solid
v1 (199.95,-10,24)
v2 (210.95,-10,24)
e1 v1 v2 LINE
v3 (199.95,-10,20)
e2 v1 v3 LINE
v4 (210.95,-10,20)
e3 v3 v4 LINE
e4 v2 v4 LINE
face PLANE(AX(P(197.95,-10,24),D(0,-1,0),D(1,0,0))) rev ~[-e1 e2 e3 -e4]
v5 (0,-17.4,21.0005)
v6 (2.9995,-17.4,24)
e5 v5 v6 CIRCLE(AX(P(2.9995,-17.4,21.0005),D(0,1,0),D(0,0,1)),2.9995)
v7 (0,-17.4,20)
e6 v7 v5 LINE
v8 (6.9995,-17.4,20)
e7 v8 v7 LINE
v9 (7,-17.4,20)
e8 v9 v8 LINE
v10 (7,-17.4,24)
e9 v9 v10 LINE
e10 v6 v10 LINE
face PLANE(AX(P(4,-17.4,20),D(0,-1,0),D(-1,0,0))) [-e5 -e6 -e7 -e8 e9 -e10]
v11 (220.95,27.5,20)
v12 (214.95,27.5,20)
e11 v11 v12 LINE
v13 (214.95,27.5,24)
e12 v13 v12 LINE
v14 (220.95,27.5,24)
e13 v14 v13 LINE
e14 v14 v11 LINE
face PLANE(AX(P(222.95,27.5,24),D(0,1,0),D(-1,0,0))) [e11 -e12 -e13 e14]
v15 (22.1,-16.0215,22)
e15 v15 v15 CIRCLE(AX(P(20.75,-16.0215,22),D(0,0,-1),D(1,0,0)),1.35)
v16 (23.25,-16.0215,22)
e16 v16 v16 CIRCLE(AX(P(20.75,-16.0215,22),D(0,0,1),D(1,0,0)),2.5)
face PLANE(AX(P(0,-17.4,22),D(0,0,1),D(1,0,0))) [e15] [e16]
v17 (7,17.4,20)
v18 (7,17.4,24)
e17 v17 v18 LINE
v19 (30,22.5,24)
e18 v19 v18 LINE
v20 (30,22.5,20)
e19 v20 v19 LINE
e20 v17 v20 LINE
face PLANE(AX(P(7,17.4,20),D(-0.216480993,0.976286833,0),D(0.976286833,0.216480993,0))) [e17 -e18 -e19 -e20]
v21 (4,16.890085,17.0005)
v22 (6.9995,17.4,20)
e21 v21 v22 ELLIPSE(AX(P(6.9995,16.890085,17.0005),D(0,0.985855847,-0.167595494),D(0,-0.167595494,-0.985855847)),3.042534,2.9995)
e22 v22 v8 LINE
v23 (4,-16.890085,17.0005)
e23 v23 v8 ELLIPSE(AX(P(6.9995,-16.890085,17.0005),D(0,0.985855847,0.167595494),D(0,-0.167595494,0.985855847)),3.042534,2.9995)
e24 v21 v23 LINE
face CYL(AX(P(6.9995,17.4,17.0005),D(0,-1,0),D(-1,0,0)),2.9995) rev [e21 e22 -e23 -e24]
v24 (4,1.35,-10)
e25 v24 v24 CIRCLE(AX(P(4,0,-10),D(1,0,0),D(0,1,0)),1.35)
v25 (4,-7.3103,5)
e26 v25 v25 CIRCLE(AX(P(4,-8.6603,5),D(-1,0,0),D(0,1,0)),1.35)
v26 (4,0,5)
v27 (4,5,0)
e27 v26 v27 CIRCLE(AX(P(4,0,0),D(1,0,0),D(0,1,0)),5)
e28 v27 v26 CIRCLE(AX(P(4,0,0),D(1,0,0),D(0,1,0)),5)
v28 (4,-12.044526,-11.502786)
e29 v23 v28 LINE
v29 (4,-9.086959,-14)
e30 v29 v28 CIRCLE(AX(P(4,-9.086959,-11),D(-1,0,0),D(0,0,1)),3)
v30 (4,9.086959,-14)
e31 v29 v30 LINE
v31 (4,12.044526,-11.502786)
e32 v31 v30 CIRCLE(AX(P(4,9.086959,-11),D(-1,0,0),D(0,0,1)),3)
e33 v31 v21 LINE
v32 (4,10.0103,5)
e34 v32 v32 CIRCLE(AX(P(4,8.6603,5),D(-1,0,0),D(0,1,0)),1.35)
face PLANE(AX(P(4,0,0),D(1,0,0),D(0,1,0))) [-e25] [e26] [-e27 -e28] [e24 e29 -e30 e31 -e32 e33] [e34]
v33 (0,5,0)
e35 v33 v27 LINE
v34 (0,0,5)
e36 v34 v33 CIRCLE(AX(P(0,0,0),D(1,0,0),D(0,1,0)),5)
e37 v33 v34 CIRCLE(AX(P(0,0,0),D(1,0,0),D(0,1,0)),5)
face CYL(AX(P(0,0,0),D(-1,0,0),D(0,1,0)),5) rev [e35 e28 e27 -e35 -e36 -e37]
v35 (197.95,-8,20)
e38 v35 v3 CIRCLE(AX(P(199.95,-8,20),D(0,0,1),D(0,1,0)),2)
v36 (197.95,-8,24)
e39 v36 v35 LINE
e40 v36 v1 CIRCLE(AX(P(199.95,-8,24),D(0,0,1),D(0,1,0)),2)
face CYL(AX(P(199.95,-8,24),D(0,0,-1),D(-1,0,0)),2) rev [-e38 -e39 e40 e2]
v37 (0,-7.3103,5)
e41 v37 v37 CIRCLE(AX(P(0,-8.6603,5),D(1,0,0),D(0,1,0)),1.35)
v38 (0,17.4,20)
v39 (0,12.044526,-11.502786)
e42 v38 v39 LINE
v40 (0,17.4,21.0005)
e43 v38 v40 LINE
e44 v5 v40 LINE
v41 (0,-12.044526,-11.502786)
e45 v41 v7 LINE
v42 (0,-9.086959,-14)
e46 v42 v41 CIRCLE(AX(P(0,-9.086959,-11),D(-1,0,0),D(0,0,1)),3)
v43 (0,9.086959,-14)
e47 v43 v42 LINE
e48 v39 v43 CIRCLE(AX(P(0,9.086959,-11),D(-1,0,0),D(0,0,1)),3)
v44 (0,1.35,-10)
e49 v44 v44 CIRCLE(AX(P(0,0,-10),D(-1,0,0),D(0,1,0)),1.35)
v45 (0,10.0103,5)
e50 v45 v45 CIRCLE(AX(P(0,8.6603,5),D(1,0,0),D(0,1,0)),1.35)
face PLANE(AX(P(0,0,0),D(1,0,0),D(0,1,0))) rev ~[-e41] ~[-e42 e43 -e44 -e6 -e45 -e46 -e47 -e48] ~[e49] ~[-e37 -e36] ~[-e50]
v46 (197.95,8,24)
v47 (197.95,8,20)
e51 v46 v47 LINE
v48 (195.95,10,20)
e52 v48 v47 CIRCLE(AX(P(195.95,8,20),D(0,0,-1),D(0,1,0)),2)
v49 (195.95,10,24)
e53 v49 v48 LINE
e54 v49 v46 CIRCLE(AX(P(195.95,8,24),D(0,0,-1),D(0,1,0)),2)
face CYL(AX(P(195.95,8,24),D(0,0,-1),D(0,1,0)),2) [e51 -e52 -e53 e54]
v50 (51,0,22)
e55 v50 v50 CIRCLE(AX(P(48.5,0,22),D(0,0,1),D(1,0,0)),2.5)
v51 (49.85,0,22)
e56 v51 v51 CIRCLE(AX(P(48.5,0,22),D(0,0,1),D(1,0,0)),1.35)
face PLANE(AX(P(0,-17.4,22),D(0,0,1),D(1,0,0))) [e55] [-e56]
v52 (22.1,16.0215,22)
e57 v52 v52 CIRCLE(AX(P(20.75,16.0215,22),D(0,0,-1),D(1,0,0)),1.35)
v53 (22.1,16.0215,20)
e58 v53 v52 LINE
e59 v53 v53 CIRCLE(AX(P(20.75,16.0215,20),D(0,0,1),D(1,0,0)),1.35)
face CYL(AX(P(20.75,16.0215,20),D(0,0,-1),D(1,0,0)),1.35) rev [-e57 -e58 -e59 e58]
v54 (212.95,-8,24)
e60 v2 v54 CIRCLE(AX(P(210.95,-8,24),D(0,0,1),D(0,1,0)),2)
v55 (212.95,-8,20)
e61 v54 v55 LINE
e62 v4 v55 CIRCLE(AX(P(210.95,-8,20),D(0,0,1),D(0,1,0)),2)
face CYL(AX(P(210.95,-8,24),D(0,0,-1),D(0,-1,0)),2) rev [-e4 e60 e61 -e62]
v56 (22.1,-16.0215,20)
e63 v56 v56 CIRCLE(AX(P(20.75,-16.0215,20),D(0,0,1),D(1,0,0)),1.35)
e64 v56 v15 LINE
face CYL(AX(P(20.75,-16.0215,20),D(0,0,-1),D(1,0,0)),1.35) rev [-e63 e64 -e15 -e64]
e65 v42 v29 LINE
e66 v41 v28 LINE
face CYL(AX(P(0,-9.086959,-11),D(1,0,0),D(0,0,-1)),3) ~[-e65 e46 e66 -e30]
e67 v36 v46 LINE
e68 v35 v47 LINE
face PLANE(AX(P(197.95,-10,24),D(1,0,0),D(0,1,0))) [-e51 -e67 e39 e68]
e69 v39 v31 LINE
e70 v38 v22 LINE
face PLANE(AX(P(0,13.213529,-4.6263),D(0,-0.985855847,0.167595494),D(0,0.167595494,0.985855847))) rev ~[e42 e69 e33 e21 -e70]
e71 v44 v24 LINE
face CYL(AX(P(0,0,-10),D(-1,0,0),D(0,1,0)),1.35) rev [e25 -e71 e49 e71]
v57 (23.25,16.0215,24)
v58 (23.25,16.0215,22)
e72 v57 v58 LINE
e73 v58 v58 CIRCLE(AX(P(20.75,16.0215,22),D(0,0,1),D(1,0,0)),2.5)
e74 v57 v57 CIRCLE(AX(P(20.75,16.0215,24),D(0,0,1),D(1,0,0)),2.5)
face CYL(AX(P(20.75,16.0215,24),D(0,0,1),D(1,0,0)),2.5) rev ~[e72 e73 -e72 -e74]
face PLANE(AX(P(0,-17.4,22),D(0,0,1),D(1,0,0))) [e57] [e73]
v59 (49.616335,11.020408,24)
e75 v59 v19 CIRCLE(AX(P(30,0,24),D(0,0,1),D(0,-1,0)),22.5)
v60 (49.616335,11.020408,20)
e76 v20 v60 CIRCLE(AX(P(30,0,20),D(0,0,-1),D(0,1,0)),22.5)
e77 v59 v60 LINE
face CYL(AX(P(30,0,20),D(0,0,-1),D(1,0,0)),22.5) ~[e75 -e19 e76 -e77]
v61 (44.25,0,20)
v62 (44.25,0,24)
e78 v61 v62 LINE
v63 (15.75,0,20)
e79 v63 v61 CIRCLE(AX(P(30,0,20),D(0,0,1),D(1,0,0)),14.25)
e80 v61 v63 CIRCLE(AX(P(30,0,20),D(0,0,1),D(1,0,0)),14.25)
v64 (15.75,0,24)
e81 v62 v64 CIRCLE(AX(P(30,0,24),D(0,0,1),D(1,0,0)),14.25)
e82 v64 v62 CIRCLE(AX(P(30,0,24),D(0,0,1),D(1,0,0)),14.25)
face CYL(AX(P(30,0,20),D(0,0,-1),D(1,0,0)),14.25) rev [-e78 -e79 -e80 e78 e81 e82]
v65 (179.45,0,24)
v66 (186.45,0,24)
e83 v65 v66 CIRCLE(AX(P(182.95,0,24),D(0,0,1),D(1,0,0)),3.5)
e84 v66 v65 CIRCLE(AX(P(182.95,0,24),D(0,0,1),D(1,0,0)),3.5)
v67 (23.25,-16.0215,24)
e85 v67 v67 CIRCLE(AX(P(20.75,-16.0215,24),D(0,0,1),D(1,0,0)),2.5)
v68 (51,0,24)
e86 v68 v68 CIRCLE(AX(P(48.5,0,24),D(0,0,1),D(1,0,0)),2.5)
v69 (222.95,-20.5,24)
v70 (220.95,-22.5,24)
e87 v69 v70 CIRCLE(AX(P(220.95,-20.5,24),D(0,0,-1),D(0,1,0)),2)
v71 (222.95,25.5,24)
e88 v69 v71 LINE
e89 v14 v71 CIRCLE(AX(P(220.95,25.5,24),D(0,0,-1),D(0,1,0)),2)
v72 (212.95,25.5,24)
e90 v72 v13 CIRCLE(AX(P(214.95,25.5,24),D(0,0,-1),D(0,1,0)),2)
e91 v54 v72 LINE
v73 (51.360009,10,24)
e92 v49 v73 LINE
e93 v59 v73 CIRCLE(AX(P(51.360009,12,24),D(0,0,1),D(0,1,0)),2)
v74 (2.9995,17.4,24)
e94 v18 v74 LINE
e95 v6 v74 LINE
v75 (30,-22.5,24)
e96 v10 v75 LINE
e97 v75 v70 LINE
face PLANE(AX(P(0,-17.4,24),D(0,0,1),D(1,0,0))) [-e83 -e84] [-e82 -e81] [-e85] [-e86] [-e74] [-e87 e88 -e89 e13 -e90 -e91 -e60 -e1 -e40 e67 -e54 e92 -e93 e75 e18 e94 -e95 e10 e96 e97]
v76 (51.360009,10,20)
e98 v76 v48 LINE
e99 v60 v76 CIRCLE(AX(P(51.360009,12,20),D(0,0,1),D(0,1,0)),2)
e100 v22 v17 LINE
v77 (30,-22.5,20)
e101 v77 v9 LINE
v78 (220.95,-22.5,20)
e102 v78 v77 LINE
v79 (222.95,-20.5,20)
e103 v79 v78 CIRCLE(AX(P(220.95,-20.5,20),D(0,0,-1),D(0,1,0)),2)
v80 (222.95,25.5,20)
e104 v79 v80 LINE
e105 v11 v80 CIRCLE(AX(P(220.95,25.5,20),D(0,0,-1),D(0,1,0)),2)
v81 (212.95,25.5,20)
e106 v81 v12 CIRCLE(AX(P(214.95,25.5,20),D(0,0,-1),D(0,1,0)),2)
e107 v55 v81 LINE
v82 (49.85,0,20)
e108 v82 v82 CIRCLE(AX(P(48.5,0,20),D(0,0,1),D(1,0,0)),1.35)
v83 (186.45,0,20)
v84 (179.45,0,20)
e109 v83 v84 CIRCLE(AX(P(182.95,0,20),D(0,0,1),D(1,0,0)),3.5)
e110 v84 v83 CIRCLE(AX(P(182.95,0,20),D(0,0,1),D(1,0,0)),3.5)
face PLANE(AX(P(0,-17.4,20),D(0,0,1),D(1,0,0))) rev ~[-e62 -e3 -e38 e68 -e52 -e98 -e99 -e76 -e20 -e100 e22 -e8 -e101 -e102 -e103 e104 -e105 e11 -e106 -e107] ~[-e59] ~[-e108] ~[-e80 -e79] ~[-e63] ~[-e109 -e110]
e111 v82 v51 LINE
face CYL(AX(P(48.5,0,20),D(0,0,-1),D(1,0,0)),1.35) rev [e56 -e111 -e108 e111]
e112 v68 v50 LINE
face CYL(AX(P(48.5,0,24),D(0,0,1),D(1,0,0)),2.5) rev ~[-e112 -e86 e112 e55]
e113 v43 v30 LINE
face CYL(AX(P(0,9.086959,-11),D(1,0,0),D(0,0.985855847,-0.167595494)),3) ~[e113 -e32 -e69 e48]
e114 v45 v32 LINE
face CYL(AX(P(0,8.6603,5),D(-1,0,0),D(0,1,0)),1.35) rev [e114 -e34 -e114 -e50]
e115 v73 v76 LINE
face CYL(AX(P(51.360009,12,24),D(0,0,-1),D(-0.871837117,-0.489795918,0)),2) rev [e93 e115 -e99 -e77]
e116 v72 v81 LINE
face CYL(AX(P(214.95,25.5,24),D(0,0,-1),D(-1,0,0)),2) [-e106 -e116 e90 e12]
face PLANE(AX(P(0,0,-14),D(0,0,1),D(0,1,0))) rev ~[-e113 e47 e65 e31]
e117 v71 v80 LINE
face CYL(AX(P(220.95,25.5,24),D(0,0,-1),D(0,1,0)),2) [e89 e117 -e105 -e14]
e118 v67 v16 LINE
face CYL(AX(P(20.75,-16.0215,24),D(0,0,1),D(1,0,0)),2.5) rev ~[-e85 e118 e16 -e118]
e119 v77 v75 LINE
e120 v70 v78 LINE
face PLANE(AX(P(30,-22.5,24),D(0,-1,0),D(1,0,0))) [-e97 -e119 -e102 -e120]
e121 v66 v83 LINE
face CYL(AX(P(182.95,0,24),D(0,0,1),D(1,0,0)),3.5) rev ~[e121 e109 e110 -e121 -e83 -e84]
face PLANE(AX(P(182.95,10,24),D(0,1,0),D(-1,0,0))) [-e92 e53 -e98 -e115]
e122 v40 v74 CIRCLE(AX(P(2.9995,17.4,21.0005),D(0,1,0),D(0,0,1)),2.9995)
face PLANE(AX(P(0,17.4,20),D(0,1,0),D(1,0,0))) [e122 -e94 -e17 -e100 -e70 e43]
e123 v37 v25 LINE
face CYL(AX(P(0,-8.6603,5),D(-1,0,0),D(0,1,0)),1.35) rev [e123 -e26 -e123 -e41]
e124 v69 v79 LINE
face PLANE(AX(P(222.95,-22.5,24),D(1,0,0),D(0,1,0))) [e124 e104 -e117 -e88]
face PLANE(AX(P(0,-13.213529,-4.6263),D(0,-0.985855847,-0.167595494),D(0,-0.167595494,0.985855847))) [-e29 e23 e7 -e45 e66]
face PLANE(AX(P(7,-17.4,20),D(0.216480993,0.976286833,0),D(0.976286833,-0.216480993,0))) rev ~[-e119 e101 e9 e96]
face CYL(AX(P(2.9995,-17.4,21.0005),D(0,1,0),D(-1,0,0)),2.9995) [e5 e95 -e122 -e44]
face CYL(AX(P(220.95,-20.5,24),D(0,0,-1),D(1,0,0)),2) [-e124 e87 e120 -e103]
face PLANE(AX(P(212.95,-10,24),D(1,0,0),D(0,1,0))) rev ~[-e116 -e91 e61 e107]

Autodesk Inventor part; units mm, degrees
ref_plane "YZ Plane" through (0, 0, 0) normal (1, 0, 0) x (0, 1, 0)
ref_plane "XZ Plane" through (0, 0, 0) normal (0, 1, 0) x (-1, 0, 0)
ref_plane "XY Plane" through (0, 0, 0) normal (0, 0, 1) x (1, 0, 0)
sketch "スケッチ1" plane through (0, 0, 0) normal (1, 0, 0) x (0, 1, 0)
  circle A0 centre (0, 0) radius 10
  circle A1 centre (0, -10) radius 1.35
  circle A2 centre (8.6603, 5) radius 1.35
  circle A3 centre (-8.6603, 5) radius 1.35
  circle A4 centre (0, 0) radius 5
  line L0 (0, 0) -> (0, 50)
  circle A5 centre (0, 50) radius 22.5
  circle A6 centre (0, 0) radius 14
  line L1 (-14, 0) -> (-22.5, 50)
  line L2 (14, 0) -> (22.5, 50)
  line L3 (0, -14) -> (-11.62, -14)
  line L4 (-11.62, -14) -> (-14, 0)
  line L5 (0, -14) -> (11.62, -14)
  line L6 (11.62, -14) -> (14, 0)
  line L7 (0, 20) -> (-17.4, 20)
  line L8 (0, 20) -> (17.4, 20)
  dimension "d0" = 20
  dimension "d1" = 2.7
  dimension "d4" = 360
  dimension "d6" = 10
  dimension "d7" = 50
  dimension "d8" = 45
  dimension "d9" = 28
extrude "押し出し1" add sketch "スケッチ1" along normal blind 4 contours A0 A1 A3 A2 | A6 L6 L4 | A6 L1 L7 L0 | L0 L8 L2 A6 | L6 L5 A6 | A6 L3 L4
sketch "スケッチ2" plane through (0, -17.4, 20) normal (0, 0, 1) x (1, 0, 0)
  line L0 (0, 17.4) -> (30, 17.4)
  circle A0 centre (30, 17.4) radius 22.5
  circle A1 centre (30, 17.4) radius 18.5
  circle A2 centre (30, 17.4) radius 14.25
  circle A3 centre (48.5, 17.4) radius 1.35
  circle A4 centre (20.75, 33.4215) radius 1.35
  circle A5 centre (20.75, 1.3785) radius 1.35
  line L1 (0, 29.02) -> (0, 34.8) projected
  line L2 (0, 0) -> (0, 5.78) projected
  line L3 (0, 34.8) -> (0, 0)
  line L4 (4, 29.02) -> (4, 34.8) projected
  line L5 (4, 34.8) -> (7, 34.8)
  line L6 (7, 34.8) -> (30, 39.9)
  line L7 (4, 0) -> (4, 5.78) projected
  line L8 (4, 0) -> (7, 0)
  line L9 (7, 0) -> (30, -5.1)
  line L10 (4, 0) -> (0, 0)
  line L11 (0, 34.8) -> (4, 34.8) projected
  line L12 (0, 0) -> (0, 34.8)
  line L13 (0, 34.8) -> (4, 34.8)
  dimension "d14" = 37
  dimension "d12" = 30
  dimension "d13" = 45
  dimension "d15" = 28.5
  dimension "d16" = 2.7
  dimension "d19" = 360
  dimension "d21" = 3
  dimension "d22" = 3
extrude "押し出し2" add sketch "スケッチ2" along normal blind 4 contours L3 L1 L11 L5 L6 A0 L0 | L0 A0 L9 L8 L10 L2 L3 | A1 A4 A3 A5 | A0 L6 L9
fillet "フィレット1" radius 3 2 edges at (4, 0, 20) (0, 0, 24)
fillet "フィレット2" radius 3 2 edges at (2, -11.62, -14) (2, 11.62, -14)
sketch "スケッチ7" plane through (0, -17.4, 24) normal (0, 0, 1) x (1, 0, 0)
  circle A0 centre (30, 17.4) radius 14.25 projected
  line L0 (30, 17.4) -> (182.95, 17.4)
  line L1 (30, 17.4) -> (182.95, 17.4) construction
  circle A1 centre (182.95, 17.4) radius 3.5
  circle A2 centre (182.95, 17.4) radius 10
  line L2 (182.95, 27.4) -> (50.1556, 27.4)
  arc A3 (30, -5.1) -> (30, 39.9) centre (30, 17.4) ccw projected
  line L3 (182.95, 27.4) -> (315.7444, 27.4) construction
  line L4 (182.95, 7.4) -> (50.1556, 7.4)
  point P0 (0, 17.4)
  dimension "d55" = 152.95
  dimension "d56" = 0
  dimension "d57" = 7
  dimension "d58" = 20
  dimension "d59" = 180
extrude "押し出し7" add sketch "スケッチ7" against normal blind 4 contours A3 L2 A2 L0 | L0 A2 L4 A3 | A2
sketch "スケッチ8" plane through (0, -17.4, 24) normal (0, 0, 1) x (1, 0, 0)
  circle A0 centre (20.75, 33.4215) radius 1.35 projected
  circle A1 centre (20.75, 33.4215) radius 2.5
  circle A2 centre (48.5, 17.4) radius 1.35 projected
  circle A3 centre (48.5, 17.4) radius 2.5
  circle A4 centre (20.75, 1.3785) radius 1.35 projected
  circle A5 centre (20.75, 1.3785) radius 2.5
  point P0 (0, 17.4)
  dimension "d63" = 5
  dimension "d64" = 5
  dimension "d65" = 5
extrude "押し出し8" cut sketch "スケッチ8" against normal blind 2 contours A0 | A1 | A3 | A4 | A5
sketch "スケッチ9" plane through (0, -17.4, 24) normal (0, 0, 1) x (1, 0, 0)
  line L0 (50.1556, 27.4) -> (182.95, 27.4) projected
  line L1 (182.95, 27.4) -> (197.95, 27.4)
  line L2 (7, 0) -> (30, -5.1) projected
  line L3 (30, -5.1) -> (197.95, -5.1)
  line L4 (197.95, -5.1) -> (197.95, 27.4)
  line L5 (197.95, -5.1) -> (222.95, -5.1)
  line L6 (222.95, -5.1) -> (222.95, 44.9)
  line L7 (222.95, 44.9) -> (212.95, 44.9)
  line L8 (197.95, 7.4) -> (212.95, 7.4)
  line L9 (212.95, 7.4) -> (212.95, 44.9)
  circle A0 centre (182.95, 17.4) radius 3.5 projected
  circle A1 centre (182.95, 17.4) radius 10
  circle A2 centre (30, 17.4) radius 14.25 projected
  circle A3 centre (30, 17.4) radius 22.5
  line L10 (182.95, 7.4) -> (50.1556, 7.4) projected
  line L11 (50.1556, 7.4) -> (182.95, 7.4)
  point P0 (0, 17.4)
  point P1 (192.95, 17.4)
  point P2 (20.4894, -2.9911)
  dimension "d68" = 15
  dimension "d69" = 25
  dimension "d70" = 50
  dimension "d71" = 10
extrude "押し出し9" add sketch "スケッチ9" against normal blind 4 contours L0 A1 L10 A3 | L1 L4 L3 A3 L10 A1 | L8 L9 L7 L6 L5 L4
fillet "フィレット4" radius 2 7 edges at (197.95, 10, 22) (50.1556, 10, 22) (212.95, 27.5, 22) (212.95, -10, 22) (222.95, 27.5, 22) (197.95, -10, 22) (222.95, -22.5, 22)
properties part number "motor_holder_2" material "アルミニウム 6061"
